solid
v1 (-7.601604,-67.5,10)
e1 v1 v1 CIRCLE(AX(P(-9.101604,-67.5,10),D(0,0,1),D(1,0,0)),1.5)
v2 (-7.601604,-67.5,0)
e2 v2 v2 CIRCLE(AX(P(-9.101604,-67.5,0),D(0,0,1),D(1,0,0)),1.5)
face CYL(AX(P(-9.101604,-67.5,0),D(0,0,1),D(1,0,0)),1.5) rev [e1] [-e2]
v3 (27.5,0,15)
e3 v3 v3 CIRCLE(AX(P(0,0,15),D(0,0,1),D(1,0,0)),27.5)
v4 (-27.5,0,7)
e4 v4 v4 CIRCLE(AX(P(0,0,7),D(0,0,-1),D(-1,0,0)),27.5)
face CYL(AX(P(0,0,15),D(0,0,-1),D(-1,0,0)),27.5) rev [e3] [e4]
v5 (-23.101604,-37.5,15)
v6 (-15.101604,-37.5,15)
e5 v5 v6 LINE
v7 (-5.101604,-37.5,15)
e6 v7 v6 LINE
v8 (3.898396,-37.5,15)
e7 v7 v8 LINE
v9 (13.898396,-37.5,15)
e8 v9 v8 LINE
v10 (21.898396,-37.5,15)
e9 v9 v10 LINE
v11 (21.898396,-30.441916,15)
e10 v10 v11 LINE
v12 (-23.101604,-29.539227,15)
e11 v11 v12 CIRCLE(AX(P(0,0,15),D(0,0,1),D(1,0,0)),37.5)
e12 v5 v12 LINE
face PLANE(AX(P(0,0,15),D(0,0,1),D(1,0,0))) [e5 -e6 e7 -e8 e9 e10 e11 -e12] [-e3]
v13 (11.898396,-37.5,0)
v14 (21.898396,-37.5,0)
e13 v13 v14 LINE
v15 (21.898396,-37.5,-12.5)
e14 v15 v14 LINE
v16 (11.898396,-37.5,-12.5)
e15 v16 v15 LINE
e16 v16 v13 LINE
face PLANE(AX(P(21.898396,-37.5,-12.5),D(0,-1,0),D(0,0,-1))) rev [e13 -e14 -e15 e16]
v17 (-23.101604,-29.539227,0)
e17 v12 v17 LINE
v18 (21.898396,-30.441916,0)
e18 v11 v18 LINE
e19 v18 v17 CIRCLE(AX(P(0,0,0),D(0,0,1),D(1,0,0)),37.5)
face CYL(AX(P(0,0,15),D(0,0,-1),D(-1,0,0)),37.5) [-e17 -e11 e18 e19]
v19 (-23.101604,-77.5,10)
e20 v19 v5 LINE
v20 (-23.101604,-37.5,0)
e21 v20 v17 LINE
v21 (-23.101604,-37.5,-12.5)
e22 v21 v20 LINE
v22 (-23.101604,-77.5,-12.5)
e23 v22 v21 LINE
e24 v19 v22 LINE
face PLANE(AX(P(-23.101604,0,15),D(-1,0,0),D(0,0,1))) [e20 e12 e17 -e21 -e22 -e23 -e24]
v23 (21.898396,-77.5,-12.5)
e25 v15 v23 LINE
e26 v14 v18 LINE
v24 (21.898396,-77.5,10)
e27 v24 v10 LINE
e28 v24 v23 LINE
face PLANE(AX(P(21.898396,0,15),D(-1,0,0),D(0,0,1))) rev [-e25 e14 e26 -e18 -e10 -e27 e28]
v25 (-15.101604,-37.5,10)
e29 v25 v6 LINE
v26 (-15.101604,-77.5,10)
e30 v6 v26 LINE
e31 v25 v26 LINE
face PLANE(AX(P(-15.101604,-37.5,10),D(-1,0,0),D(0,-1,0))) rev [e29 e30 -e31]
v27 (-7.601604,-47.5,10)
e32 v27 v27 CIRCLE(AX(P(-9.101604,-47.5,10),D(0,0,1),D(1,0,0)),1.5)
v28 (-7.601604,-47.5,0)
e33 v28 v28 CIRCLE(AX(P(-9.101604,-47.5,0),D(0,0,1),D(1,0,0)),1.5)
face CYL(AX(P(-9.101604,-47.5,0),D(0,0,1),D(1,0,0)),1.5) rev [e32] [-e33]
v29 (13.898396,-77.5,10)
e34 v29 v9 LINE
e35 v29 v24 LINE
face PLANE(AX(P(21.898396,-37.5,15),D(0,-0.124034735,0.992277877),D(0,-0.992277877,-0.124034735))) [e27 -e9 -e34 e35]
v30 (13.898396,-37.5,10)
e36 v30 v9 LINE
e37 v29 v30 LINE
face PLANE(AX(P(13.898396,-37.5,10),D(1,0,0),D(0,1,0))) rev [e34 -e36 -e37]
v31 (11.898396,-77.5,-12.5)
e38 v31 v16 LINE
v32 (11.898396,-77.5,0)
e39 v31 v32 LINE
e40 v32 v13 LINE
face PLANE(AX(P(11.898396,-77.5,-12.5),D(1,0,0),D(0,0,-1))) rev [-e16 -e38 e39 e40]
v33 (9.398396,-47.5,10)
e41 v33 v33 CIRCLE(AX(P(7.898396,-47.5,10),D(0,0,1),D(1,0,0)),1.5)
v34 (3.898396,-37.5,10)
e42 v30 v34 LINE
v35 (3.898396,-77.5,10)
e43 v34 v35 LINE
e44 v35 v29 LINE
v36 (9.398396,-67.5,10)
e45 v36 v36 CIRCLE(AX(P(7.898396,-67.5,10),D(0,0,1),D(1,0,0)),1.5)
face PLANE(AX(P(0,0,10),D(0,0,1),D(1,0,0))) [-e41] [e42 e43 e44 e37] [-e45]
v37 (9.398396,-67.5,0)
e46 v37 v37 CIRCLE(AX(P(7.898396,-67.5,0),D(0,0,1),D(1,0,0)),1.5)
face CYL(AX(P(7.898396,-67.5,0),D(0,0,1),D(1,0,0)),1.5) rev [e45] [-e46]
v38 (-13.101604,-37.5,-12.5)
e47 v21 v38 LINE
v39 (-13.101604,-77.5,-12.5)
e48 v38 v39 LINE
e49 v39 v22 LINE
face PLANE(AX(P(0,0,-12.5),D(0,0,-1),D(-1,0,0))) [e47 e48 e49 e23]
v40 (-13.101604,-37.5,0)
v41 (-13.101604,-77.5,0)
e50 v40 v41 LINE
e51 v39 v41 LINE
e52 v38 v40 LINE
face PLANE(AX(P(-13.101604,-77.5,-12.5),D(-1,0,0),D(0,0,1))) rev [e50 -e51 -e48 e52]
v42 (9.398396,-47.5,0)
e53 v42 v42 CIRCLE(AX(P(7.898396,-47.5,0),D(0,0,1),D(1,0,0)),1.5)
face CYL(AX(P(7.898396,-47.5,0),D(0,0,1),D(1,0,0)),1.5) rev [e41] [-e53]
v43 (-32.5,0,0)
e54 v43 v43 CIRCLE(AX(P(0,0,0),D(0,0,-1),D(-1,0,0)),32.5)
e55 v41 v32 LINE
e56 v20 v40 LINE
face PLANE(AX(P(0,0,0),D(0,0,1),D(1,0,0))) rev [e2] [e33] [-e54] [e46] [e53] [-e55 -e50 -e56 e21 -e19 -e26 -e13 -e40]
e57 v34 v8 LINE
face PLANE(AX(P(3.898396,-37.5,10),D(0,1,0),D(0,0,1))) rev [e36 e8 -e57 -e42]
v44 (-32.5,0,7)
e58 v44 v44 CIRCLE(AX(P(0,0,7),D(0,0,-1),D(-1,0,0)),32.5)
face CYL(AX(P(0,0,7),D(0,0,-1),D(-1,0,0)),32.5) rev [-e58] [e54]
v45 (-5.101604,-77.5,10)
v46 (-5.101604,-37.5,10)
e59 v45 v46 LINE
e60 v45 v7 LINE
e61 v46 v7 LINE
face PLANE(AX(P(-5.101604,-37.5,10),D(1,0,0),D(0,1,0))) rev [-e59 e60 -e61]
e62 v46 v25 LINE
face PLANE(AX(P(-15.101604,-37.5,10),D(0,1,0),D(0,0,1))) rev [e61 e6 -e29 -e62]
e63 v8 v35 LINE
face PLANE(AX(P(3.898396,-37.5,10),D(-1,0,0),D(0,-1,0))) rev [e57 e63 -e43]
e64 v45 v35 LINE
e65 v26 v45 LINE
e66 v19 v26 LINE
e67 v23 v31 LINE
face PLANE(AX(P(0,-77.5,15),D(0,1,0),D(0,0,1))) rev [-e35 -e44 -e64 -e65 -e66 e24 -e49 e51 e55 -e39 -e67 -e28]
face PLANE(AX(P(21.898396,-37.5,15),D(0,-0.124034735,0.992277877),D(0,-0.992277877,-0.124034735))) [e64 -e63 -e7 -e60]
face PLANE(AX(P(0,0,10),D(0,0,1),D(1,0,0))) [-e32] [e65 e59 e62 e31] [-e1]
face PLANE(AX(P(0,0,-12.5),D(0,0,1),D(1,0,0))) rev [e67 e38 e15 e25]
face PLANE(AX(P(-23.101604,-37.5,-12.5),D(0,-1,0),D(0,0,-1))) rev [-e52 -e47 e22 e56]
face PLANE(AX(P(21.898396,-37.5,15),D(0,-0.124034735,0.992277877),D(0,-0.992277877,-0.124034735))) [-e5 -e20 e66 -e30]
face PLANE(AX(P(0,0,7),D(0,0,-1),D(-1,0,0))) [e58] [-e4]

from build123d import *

# Parameters (mm, degrees)
SKETCH1_R           = 27.5
BOSS_EXTRUDE1_DEPTH = 15
SKETCH2_R           = 32.5
SKETCH2_R_2         = 27.5
CUT_EXTRUDE1_DEPTH  = 7
SKETCH3_W           = 5
SKETCH3_H           = 40
CUT_EXTRUDE2_DEPTH  = 45
BOSS_EXTRUDE2_DEPTH = 45
SKETCH6_W           = 10
SKETCH6_H           = 40
CUT_EXTRUDE3_DEPTH  = 5
SKETCH7_W           = 10
SKETCH7_H           = 40
BOSS_EXTRUDE3_DEPTH = 12.5
SKETCH8_R           = 1.5
CUT_EXTRUDE4_DEPTH  = 10


with BuildPart() as part:
    # Sketch1 → Boss-Extrude1 (new body)
    with BuildSketch(Plane.XY):
        with BuildLine():
            Line((-23.101603537, -29.5392267), (-23.101603537, -77.5))
            Line((-23.101603537, -77.5), (21.898396463, -77.5))
            Line((21.898396463, -77.5), (21.898396463, -30.441915714))
            ThreePointArc((21.898396463, -30.441915714), (0.752089542, 37.492457392), (-23.101603537, -29.5392267))
        make_face()
        Circle(SKETCH1_R, mode=Mode.SUBTRACT)
    extrude(amount=BOSS_EXTRUDE1_DEPTH)

    # Sketch2 → Cut-Extrude1 (cut)
    with BuildSketch(Plane(origin=(0, 0, 0), x_dir=(-1, 0, 0), z_dir=(0, 0, -1))):
        Circle(SKETCH2_R)
        Circle(SKETCH2_R_2, mode=Mode.SUBTRACT)
    extrude(amount=-CUT_EXTRUDE1_DEPTH, mode=Mode.SUBTRACT)

    # Sketch3 → Cut-Extrude2 (cut)
    with BuildSketch(Plane(origin=(21.898396463, 0, 0), x_dir=(0, 0, -1), z_dir=(1, 0, 0))):
        with Locations((-12.5, -57.5)):
            Rectangle(SKETCH3_W, SKETCH3_H)
    extrude(amount=-CUT_EXTRUDE2_DEPTH, mode=Mode.SUBTRACT)

    # Sketch5 → Boss-Extrude2 (add)
    with BuildSketch(Plane.ZY.offset(23.101603537)):
        Polygon((10, -37.5), (15, -37.5), (10, -77.5), align=None)
    extrude(amount=-BOSS_EXTRUDE2_DEPTH)

    # Sketch6 → Cut-Extrude3 (cut)
    with BuildSketch(Plane.XY.offset(15)):
        with Locations((-10.101603537, -57.5)):
            Rectangle(SKETCH6_W, SKETCH6_H)
        with Locations((8.898396463, -57.5)):
            Rectangle(SKETCH6_W, SKETCH6_H)
    extrude(amount=-CUT_EXTRUDE3_DEPTH, mode=Mode.SUBTRACT)

    # Sketch7 → Boss-Extrude3 (add)
    with BuildSketch(Plane(origin=(0, 0, 0), x_dir=(-1, 0, 0), z_dir=(0, 0, -1))):
        with Locations((-16.898396463, -57.5)):
            Rectangle(SKETCH7_W, SKETCH7_H)
        with Locations((18.101603537, -57.5)):
            Rectangle(SKETCH7_W, SKETCH7_H)
    extrude(amount=BOSS_EXTRUDE3_DEPTH)

    # Sketch8 → Cut-Extrude4 (cut)
    with BuildSketch(Plane.XY.offset(10)):
        with Locations((-9.101603537, -47.5)):
            Circle(SKETCH8_R)
        with Locations((-9.101603537, -67.5)):
            Circle(SKETCH8_R)
        with Locations((7.898396463, -67.5)):
            Circle(SKETCH8_R)
        with Locations((7.898396463, -47.5)):
            Circle(SKETCH8_R)
    extrude(amount=-CUT_EXTRUDE4_DEPTH, mode=Mode.SUBTRACT)


solid = part.part
